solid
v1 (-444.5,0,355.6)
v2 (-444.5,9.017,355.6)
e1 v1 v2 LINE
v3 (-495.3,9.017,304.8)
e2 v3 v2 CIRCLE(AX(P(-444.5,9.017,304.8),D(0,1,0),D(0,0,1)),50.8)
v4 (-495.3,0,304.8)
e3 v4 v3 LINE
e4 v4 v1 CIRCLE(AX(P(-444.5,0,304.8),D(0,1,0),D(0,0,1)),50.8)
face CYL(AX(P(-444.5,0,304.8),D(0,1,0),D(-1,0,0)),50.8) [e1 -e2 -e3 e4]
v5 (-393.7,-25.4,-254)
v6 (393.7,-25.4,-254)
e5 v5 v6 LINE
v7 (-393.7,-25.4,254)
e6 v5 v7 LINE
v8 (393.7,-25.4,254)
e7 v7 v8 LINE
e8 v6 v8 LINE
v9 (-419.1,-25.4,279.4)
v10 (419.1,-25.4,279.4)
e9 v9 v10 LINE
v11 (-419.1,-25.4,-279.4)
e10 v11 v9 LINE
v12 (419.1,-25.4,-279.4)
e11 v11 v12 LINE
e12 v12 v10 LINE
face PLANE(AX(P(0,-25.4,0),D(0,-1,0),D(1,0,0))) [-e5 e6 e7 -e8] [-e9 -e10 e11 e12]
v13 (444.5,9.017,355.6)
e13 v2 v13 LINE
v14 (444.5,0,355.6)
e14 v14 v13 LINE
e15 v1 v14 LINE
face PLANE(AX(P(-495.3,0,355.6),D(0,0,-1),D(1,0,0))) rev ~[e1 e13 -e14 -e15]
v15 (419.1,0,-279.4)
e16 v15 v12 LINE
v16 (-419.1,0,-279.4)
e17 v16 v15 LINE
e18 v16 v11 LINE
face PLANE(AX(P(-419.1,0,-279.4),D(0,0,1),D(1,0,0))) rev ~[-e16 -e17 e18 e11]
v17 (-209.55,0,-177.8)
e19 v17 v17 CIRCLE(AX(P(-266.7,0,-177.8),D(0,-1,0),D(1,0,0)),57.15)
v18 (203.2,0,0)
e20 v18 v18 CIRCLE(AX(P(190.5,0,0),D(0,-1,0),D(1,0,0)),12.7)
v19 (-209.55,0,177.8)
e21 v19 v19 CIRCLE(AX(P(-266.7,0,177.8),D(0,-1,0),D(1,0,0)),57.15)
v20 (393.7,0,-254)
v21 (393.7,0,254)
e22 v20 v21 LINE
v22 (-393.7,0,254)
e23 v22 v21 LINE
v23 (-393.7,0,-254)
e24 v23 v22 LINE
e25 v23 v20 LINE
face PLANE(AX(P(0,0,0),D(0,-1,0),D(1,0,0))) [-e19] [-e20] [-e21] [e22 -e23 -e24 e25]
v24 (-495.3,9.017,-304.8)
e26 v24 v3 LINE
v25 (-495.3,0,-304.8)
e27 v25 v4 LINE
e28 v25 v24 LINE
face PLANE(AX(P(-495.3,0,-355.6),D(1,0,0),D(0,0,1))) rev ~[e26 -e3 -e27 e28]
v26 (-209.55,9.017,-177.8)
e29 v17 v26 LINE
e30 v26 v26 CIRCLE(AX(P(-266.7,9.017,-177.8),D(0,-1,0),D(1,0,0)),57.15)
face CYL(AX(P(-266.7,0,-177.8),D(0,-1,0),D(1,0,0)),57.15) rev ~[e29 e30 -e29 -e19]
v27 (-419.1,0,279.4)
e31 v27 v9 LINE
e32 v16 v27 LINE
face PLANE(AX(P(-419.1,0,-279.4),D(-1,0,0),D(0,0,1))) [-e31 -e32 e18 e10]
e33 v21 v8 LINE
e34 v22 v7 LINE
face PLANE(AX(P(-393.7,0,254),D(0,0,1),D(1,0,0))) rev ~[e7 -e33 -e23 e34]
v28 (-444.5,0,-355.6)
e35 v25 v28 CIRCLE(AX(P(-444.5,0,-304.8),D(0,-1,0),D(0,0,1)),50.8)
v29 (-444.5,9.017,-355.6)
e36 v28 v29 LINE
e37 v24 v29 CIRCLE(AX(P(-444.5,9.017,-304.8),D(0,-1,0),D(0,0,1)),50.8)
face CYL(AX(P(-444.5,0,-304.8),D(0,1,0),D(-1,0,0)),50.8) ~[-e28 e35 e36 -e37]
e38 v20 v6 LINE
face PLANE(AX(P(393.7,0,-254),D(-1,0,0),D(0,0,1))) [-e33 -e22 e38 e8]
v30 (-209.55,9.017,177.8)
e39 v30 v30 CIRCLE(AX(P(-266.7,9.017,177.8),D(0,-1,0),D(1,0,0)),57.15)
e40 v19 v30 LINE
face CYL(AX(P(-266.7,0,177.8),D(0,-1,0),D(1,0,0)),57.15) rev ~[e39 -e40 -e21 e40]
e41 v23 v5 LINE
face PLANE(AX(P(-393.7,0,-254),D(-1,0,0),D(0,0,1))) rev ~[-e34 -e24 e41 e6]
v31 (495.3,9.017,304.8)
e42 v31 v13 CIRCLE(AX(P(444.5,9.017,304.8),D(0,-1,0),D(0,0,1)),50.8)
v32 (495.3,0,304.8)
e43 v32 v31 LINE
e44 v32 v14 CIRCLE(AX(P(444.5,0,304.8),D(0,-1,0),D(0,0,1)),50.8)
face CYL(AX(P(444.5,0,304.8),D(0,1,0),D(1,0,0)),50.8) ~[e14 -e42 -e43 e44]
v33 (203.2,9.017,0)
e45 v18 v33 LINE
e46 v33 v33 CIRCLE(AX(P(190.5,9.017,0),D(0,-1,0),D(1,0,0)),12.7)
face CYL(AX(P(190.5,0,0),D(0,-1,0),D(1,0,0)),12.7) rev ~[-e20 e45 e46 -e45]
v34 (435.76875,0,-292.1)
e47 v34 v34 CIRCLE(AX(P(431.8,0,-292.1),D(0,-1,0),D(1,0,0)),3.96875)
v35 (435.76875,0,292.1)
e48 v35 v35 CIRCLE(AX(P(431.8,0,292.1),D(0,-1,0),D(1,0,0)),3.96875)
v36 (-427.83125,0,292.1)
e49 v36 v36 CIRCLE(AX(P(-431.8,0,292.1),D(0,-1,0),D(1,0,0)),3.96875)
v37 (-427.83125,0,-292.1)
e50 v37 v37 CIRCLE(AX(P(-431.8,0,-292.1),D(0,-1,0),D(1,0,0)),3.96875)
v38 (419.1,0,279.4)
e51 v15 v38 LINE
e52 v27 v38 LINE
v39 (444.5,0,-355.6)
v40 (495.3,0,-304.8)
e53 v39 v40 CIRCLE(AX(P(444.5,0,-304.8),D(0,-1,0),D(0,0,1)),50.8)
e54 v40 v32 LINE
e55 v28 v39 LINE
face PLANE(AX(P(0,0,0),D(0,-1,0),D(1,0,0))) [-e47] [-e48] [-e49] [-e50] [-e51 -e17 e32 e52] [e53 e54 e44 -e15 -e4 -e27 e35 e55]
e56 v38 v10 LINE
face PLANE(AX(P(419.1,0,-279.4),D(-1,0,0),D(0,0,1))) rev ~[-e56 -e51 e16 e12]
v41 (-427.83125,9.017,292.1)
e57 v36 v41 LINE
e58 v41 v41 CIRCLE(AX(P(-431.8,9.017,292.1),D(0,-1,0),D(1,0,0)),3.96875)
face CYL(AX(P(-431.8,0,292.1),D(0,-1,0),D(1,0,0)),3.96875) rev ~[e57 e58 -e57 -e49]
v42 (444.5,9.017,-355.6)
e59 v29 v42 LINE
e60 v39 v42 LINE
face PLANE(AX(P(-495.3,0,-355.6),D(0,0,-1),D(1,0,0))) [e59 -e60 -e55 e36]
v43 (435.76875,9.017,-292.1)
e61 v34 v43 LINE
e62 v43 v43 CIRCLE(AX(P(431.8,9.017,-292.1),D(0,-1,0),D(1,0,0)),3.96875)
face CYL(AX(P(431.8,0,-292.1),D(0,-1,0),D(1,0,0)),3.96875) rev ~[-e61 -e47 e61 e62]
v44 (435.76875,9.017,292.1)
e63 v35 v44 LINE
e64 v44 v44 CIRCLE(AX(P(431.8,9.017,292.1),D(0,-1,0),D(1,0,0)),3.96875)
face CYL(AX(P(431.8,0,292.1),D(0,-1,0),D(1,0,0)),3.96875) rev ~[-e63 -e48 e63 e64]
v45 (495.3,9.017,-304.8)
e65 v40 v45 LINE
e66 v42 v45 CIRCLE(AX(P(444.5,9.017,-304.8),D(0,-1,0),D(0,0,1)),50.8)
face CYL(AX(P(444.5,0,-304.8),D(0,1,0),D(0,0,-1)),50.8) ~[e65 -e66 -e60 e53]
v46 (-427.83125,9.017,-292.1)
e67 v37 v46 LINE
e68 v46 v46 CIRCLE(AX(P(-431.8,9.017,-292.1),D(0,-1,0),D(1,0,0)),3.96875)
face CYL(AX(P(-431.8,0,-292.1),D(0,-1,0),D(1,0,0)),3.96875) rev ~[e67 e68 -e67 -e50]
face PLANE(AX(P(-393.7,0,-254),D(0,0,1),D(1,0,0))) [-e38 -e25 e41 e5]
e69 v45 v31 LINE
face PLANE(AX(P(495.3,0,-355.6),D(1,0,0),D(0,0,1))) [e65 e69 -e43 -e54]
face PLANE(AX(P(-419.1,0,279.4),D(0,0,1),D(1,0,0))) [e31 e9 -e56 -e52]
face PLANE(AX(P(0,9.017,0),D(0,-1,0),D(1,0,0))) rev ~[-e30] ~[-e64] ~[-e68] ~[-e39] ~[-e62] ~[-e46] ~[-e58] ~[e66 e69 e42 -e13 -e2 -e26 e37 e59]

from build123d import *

# Parameters (mm, degrees)
F0_W      = 990.6
F0_H      = 711.2
F1_DEPTH  = 9.017
F2_R      = 50.8
F3_R      = 3.96875
F4_DEPTH  = 9.018
F5_R      = 12.7
F6_DEPTH  = 9.018
F7_W      = 838.2
F7_H      = 558.8
F7_W_2    = 787.4
F7_H_2    = 508
F8_DEPTH  = 25.4
F9_R      = 57.15
F10_DEPTH = 9.018


with BuildPart() as f1:
    # F0 (on Front) → F1 (new body)
    with BuildSketch(Plane.XZ):
        Rectangle(F0_W, F0_H)
    extrude(amount=-F1_DEPTH)

    # F2
    f2_edges = [f1.edges().sort_by_distance(p)[0] for p in [
        (495.3, 4.5085, 355.6),
        (495.3, 4.5085, -355.6),
        (-495.3, 4.5085, -355.6),
        (-495.3, 4.5085, 355.6),
    ]]
    fillet(f2_edges, radius=F2_R)

    # F3 (on Front) → F4 (cut, through all)
    with BuildSketch(Plane.XZ):
        with Locations((-431.8, 292.1)):
            Circle(F3_R)
        with Locations((431.8, 292.1)):
            Circle(F3_R)
        with Locations((431.8, -292.1)):
            Circle(F3_R)
        with Locations((-431.8, -292.1)):
            Circle(F3_R)
    extrude(amount=-F4_DEPTH, mode=Mode.SUBTRACT)

    # F5 (on Front) → F6 (cut, through all)
    with BuildSketch(Plane.XZ):
        with Locations((190.5, 0)):
            Circle(F5_R)
    extrude(amount=-F6_DEPTH, mode=Mode.SUBTRACT)

    # F7 (on Front) → F8 (join)
    with BuildSketch(Plane.XZ):
        Rectangle(F7_W, F7_H)
        Rectangle(F7_W_2, F7_H_2, mode=Mode.SUBTRACT)
    extrude(amount=F8_DEPTH)

    # F9 (on Front) → F10 (cut, through all)
    with BuildSketch(Plane.XZ):
        with Locations((-266.7, 177.8)):
            Circle(F9_R)
        with Locations((-266.7, -177.8)):
            Circle(F9_R)
    extrude(amount=-F10_DEPTH, mode=Mode.SUBTRACT)


solid = f1.part
